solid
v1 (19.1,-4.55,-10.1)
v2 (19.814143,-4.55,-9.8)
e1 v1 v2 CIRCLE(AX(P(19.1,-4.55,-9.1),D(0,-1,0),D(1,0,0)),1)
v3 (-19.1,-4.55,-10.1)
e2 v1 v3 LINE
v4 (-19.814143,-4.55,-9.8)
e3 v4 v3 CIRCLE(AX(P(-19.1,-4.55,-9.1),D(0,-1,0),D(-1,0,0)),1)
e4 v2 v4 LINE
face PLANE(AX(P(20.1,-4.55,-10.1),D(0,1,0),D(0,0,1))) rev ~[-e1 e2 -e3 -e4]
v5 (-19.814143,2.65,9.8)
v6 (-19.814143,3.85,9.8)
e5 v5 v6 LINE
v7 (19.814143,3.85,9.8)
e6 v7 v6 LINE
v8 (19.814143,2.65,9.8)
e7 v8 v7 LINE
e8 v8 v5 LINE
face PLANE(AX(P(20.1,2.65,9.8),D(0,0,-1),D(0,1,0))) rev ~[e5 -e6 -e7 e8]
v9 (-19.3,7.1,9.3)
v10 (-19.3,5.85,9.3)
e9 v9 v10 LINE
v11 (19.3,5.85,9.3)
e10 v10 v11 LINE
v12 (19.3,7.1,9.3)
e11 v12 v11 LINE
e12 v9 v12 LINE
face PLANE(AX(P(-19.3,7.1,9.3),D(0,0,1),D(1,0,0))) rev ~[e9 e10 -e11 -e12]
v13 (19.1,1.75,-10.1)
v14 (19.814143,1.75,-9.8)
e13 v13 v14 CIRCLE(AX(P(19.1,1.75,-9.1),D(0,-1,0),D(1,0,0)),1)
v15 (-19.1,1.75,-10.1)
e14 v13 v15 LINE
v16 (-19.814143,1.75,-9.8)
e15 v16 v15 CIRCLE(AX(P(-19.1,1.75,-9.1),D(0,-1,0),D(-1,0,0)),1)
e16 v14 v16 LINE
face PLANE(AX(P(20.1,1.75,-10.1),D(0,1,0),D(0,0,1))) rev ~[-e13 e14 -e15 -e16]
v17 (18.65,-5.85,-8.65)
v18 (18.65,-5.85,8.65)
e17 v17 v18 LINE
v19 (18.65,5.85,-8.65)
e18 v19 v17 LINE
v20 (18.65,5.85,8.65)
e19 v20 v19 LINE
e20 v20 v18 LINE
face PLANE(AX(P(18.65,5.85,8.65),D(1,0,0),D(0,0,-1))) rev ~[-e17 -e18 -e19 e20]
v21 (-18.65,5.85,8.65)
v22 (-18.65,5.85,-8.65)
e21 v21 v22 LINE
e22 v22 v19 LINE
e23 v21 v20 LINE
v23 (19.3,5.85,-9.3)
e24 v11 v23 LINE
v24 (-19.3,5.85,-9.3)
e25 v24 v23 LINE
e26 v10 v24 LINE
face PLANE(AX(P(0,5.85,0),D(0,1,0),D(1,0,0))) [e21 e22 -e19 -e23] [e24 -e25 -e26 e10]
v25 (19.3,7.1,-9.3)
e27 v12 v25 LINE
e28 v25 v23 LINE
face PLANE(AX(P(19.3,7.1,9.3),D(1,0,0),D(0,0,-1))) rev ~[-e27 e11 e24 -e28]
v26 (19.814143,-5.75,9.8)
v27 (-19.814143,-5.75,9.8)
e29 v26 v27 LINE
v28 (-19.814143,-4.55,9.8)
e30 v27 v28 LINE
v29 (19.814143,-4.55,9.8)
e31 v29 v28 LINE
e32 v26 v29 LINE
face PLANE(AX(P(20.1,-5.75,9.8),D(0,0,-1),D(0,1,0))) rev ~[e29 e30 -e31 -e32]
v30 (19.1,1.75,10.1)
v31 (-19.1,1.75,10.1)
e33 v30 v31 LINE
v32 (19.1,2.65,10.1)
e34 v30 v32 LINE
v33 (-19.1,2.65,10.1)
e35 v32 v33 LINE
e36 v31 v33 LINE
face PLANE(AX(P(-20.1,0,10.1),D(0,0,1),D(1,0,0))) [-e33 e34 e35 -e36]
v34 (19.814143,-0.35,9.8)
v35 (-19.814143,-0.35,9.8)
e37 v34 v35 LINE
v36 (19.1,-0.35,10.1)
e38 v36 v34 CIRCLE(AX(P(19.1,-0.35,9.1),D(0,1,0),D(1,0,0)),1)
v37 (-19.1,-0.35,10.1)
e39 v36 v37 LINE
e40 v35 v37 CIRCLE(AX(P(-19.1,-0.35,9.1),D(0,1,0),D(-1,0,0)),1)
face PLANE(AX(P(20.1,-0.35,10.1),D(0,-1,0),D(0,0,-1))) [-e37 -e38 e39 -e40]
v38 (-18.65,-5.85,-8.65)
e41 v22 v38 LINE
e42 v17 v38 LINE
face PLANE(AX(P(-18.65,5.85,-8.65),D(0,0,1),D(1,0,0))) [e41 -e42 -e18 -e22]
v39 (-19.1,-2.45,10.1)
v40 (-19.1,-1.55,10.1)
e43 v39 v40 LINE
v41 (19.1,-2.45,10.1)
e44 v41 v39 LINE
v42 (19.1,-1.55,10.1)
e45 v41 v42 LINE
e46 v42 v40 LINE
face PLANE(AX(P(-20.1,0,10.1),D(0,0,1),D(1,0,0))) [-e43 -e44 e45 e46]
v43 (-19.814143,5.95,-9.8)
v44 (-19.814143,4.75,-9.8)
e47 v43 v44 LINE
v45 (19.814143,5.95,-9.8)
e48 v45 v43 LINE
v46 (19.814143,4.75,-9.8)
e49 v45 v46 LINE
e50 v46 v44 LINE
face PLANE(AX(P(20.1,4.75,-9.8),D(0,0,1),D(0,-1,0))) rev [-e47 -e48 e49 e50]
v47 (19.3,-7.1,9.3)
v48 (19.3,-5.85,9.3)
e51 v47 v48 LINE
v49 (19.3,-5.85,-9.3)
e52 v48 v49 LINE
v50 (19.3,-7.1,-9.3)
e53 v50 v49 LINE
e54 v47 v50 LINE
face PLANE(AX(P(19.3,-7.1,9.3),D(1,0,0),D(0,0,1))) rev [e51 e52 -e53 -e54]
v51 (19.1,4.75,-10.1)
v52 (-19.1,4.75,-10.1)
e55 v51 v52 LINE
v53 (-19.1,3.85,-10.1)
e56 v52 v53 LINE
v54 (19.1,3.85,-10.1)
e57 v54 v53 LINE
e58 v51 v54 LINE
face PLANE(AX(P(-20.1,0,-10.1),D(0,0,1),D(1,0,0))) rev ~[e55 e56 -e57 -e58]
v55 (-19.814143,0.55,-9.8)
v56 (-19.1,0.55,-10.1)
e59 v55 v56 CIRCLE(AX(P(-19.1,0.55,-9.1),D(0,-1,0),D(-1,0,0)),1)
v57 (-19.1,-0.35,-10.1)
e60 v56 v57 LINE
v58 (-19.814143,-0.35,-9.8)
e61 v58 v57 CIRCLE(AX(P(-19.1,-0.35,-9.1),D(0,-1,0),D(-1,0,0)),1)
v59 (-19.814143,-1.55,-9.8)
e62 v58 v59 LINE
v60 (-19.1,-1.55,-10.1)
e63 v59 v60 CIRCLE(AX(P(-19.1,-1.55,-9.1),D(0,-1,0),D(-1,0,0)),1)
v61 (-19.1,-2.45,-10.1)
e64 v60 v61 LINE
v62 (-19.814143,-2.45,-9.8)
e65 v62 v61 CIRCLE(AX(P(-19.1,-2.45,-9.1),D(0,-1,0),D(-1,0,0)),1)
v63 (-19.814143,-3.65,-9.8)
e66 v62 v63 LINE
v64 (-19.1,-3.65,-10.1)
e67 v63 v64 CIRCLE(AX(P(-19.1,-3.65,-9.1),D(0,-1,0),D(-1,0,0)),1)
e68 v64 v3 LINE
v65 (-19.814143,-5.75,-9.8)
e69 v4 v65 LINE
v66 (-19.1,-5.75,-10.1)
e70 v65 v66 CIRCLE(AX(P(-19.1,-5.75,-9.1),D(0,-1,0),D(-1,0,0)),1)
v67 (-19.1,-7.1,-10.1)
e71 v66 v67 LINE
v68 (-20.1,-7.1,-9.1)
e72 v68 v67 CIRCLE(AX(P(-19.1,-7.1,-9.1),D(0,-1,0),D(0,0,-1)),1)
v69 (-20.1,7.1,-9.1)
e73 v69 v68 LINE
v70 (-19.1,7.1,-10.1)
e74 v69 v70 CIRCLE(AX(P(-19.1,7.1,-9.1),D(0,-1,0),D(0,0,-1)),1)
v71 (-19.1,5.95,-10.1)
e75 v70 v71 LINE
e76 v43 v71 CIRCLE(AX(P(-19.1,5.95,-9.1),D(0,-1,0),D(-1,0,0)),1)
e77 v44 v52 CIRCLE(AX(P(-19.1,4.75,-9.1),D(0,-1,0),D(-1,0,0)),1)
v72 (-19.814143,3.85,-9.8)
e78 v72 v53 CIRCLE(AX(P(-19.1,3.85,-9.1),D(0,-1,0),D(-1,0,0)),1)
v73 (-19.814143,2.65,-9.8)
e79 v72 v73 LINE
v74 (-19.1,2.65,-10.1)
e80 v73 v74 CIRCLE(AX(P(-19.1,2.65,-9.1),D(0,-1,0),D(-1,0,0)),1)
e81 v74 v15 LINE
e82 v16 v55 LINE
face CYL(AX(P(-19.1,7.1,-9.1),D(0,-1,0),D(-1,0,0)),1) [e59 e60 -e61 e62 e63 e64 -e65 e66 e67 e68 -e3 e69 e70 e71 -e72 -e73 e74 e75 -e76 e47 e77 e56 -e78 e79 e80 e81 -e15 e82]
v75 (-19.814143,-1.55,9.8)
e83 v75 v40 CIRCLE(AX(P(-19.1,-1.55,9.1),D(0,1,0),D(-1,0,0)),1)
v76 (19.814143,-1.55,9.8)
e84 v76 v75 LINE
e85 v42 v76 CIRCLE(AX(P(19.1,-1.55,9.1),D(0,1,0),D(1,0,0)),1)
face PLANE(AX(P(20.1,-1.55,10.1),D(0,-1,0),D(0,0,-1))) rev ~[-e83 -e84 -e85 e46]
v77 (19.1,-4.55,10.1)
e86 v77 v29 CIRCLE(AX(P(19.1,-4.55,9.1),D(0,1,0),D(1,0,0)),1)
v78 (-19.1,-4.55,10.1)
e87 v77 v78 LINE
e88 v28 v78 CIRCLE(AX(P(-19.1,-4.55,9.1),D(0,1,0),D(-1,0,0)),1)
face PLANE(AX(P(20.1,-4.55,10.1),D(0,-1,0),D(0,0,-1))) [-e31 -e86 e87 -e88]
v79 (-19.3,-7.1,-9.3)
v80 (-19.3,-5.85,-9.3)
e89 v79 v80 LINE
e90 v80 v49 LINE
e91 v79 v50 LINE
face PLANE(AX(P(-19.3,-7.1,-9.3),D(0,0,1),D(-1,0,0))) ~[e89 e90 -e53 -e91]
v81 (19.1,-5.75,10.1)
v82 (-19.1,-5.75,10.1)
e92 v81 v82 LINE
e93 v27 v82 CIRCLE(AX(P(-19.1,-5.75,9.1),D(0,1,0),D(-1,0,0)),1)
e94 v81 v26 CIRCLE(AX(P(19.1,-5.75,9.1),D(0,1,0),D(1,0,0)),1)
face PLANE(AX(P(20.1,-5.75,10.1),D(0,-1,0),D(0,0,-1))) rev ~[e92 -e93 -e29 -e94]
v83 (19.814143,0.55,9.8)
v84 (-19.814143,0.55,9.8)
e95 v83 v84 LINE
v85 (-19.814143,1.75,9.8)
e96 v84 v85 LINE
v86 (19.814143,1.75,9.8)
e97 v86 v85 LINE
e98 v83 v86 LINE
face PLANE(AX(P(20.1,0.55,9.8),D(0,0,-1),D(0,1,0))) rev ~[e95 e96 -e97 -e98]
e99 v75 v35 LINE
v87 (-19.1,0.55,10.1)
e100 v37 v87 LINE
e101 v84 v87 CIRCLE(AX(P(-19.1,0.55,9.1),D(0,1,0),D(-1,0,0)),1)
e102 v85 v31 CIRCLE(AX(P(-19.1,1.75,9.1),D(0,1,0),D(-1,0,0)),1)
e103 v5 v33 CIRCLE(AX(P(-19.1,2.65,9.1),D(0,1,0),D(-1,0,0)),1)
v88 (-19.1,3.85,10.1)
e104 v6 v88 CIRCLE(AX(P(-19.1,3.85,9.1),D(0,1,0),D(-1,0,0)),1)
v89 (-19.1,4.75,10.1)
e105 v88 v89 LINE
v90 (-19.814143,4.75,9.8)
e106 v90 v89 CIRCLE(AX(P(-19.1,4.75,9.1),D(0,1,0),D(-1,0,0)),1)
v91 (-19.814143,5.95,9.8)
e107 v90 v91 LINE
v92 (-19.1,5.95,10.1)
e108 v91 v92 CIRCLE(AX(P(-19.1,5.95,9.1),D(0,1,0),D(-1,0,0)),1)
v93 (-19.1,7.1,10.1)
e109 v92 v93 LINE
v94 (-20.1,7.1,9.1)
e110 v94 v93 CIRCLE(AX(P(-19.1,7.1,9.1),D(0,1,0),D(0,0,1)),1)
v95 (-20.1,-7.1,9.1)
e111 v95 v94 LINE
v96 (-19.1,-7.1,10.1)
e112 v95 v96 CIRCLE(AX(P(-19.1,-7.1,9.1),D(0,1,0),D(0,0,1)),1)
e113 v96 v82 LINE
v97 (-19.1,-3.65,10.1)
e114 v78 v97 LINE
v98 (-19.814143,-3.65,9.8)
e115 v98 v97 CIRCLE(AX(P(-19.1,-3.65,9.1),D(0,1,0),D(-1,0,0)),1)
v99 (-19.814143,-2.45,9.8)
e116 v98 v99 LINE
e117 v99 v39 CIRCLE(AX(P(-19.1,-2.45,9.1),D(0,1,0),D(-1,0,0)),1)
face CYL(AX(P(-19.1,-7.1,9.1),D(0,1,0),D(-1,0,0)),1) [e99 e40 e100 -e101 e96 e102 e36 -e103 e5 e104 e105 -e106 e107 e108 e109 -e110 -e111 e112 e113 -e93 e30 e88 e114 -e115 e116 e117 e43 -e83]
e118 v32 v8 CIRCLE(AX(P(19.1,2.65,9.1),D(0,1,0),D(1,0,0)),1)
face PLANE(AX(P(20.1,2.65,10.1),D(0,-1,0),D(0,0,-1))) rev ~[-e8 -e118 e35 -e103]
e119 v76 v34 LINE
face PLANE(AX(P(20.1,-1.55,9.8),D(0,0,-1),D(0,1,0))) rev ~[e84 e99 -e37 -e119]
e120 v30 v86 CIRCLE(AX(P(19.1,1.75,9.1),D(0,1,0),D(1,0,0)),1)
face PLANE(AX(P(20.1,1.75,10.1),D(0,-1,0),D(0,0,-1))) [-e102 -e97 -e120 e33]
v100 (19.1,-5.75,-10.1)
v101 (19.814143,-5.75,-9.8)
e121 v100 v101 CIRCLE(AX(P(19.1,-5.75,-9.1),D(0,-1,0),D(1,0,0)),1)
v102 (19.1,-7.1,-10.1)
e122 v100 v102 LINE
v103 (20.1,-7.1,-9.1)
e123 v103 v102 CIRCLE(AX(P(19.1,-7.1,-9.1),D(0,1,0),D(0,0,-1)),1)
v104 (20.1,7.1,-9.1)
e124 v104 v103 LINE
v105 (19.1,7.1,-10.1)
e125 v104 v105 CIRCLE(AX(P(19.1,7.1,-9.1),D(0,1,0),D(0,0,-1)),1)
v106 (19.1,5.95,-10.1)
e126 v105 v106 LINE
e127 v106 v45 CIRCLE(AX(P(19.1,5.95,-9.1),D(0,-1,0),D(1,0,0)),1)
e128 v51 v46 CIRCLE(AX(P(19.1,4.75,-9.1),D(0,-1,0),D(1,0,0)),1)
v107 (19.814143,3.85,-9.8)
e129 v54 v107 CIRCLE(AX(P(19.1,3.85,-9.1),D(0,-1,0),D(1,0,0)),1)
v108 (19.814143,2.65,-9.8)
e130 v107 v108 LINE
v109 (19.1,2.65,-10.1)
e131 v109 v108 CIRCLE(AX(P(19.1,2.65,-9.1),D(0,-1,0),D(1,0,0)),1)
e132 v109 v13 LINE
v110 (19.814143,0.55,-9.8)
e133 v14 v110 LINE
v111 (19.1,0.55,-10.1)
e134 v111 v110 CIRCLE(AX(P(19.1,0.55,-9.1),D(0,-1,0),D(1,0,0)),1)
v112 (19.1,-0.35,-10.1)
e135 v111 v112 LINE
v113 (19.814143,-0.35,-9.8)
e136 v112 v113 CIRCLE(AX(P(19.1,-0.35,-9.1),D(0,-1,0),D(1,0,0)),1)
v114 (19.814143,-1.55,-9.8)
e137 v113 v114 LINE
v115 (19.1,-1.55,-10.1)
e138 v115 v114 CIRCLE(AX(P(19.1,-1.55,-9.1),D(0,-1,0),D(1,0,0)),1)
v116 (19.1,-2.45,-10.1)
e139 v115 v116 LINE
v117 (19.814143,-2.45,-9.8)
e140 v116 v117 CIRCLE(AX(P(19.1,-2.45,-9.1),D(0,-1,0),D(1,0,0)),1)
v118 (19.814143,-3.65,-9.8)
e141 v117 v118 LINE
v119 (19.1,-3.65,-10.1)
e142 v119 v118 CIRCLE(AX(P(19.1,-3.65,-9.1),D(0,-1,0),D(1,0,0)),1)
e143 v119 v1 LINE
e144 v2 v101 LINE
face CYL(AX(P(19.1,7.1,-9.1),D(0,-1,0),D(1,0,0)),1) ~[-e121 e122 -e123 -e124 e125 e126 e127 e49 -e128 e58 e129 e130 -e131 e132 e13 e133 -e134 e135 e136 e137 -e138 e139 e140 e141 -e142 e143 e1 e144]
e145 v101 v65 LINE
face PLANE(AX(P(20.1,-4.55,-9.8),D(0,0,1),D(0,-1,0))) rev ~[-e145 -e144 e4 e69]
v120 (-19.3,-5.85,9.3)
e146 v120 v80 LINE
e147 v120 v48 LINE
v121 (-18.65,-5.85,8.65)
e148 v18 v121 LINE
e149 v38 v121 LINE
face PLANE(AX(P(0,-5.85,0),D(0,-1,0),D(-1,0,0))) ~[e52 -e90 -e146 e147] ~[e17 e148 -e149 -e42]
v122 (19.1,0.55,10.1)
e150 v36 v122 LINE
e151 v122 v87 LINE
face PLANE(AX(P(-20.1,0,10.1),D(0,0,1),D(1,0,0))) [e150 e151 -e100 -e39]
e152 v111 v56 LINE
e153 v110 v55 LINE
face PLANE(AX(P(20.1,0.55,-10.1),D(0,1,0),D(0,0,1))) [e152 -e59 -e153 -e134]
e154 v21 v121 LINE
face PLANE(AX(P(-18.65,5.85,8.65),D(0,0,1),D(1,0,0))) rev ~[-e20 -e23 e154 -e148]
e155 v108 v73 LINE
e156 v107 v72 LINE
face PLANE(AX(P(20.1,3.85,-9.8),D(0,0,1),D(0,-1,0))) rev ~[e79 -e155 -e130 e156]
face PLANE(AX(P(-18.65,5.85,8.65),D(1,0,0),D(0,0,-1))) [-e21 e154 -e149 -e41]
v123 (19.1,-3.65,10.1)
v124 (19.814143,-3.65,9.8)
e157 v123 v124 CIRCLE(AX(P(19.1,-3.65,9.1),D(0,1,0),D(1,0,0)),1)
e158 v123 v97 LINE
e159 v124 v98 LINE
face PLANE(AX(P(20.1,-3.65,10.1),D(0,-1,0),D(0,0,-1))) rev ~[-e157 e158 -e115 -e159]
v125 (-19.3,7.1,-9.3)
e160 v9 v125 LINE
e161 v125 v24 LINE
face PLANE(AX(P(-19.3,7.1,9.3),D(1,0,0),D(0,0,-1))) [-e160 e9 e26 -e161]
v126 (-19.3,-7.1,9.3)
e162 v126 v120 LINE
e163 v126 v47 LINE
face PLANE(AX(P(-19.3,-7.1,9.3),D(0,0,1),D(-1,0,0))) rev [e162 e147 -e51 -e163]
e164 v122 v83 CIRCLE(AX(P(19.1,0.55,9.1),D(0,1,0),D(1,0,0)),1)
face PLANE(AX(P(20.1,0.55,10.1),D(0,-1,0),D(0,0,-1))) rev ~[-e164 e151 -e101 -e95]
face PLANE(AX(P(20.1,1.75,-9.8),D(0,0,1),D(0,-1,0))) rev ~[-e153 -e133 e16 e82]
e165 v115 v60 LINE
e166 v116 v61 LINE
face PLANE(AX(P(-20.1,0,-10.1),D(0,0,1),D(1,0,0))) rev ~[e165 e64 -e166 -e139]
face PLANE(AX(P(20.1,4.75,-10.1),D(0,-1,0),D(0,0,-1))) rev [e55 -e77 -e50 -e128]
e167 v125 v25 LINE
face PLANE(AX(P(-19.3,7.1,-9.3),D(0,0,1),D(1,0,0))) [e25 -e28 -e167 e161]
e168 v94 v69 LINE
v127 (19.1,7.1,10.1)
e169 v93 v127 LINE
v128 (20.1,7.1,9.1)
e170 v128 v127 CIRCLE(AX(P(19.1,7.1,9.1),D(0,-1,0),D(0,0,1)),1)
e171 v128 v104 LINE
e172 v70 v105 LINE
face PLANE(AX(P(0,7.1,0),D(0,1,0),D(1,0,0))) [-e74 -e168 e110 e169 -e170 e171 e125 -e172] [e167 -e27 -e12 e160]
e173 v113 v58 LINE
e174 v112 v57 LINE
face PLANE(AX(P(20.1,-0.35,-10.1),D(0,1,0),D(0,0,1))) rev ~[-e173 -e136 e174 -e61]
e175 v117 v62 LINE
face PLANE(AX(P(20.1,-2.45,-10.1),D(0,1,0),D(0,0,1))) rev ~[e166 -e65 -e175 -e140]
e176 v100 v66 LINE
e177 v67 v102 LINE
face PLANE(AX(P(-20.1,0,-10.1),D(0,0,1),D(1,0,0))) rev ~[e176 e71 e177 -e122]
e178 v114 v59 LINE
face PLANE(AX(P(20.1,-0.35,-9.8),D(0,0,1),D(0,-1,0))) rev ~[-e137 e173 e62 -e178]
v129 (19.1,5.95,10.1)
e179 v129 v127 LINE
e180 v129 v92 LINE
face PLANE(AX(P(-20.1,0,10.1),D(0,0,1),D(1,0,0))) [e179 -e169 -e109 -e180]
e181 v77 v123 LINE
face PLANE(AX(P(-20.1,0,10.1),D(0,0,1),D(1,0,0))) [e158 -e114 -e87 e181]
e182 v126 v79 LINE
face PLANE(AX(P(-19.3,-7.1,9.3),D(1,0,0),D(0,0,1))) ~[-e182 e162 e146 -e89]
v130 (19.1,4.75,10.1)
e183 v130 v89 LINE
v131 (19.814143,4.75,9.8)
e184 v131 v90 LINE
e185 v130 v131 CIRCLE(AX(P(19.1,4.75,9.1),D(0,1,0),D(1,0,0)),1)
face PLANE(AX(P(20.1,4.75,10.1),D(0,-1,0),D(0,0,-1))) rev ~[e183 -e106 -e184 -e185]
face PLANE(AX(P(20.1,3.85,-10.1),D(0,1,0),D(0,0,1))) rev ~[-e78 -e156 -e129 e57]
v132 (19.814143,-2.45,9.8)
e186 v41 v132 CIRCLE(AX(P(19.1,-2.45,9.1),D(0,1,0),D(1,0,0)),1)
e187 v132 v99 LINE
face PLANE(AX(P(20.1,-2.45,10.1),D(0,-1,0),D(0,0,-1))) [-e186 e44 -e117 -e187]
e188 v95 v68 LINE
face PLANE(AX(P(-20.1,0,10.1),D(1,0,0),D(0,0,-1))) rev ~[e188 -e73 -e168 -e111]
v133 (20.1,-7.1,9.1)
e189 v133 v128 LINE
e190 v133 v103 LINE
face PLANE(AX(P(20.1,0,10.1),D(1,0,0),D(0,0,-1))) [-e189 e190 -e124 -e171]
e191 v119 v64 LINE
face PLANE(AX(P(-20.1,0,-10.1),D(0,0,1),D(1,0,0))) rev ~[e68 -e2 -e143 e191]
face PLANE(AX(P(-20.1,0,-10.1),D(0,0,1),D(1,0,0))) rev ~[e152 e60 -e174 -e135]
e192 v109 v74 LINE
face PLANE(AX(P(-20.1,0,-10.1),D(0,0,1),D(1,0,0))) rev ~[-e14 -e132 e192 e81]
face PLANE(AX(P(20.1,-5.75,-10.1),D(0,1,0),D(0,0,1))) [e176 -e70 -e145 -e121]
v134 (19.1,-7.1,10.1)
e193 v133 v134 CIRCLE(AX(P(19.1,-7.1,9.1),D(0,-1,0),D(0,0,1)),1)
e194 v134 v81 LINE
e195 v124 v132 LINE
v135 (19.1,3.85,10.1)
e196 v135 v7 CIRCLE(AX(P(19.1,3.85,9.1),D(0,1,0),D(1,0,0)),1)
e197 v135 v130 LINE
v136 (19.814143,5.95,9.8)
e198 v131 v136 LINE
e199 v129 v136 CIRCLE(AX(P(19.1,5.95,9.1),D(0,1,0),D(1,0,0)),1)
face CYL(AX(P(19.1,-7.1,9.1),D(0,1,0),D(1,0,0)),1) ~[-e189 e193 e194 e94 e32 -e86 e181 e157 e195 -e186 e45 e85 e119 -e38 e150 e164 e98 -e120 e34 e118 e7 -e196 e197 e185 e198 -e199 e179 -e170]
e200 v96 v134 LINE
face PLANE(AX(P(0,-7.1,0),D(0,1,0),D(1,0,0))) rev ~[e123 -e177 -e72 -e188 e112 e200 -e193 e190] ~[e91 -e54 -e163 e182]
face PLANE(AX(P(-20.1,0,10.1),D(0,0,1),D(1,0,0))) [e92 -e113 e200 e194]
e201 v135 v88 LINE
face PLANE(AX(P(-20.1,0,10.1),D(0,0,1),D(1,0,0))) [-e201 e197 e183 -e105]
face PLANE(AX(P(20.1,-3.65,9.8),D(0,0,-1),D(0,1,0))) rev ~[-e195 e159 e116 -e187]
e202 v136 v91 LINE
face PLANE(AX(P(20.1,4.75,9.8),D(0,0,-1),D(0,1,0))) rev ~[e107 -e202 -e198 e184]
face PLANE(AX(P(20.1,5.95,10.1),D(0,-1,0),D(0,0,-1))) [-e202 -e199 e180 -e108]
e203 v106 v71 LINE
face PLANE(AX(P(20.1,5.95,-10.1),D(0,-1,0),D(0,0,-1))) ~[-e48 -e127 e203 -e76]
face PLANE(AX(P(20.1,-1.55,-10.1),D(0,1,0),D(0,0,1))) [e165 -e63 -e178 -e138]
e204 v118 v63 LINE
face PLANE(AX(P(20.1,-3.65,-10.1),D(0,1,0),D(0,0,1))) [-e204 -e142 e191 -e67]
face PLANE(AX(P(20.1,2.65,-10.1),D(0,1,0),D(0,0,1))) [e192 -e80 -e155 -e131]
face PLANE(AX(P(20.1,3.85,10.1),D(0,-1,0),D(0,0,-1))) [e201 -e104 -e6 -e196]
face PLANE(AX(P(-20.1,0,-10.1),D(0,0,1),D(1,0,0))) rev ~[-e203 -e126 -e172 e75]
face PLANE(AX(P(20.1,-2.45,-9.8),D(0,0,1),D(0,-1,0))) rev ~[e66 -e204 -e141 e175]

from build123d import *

# Parameters (mm, degrees)
SKETCH1_W                = 40.2
SKETCH1_H                = 20.2
BOSS_EXTRUDE1_DEPTH      = 7.1
BOSS_EXTRUDE1_DEPTH_BACK = 7.1
FILLET1_R                = 1
SKETCH2_W                = 38.6
SKETCH2_H                = 18.6
CUT_EXTRUDE1_DEPTH       = 1.25
SKETCH3_W                = 37.3
SKETCH3_H                = 17.3
CUT_EXTRUDE2_DEPTH       = 13.95
SKETCH4_W                = 0.3
SKETCH4_H                = 1.2
CUT_EXTRUDE3_DEPTH       = 41.2
LPATTERN1_COUNT          = 6
LPATTERN1_PITCH          = 2.1
MIRROR2_COPY_1_SKETCH_W  = 0.3
MIRROR2_COPY_1_SKETCH_H  = 1.2
MIRROR2_COPY_1_DEPTH     = 41.2
MIRROR2_COPY_2_SKETCH_W  = 0.3
MIRROR2_COPY_2_SKETCH_H  = 1.2
MIRROR2_COPY_2_DEPTH     = 41.2
MIRROR2_COPY_3_SKETCH_W  = 0.3
MIRROR2_COPY_3_SKETCH_H  = 1.2
MIRROR2_COPY_3_DEPTH     = 41.2
MIRROR2_COPY_4_SKETCH_W  = 0.3
MIRROR2_COPY_4_SKETCH_H  = 1.2
MIRROR2_COPY_4_DEPTH     = 41.2
MIRROR2_COPY_5_SKETCH_W  = 0.3
MIRROR2_COPY_5_SKETCH_H  = 1.2
MIRROR2_COPY_5_DEPTH     = 41.2


with BuildPart() as part:
    # Sketch1 → Boss-Extrude1 (new body, two sides)
    with BuildSketch(Plane(origin=(0, 0, 0), x_dir=(1, 0, 0), z_dir=(0, 1, 0))) as boss_extrude1_sk:
        Rectangle(SKETCH1_W, SKETCH1_H)
    extrude(amount=BOSS_EXTRUDE1_DEPTH)
    extrude(boss_extrude1_sk.sketch, amount=-BOSS_EXTRUDE1_DEPTH_BACK)

    # Fillet1
    fillet1_edges = [part.edges().sort_by_distance(p)[0] for p in [
        (-20.1, 0, -10.1),
        (20.1, 0, -10.1),
        (20.1, 0, 10.1),
        (-20.1, 0, 10.1),
    ]]
    fillet(fillet1_edges, radius=FILLET1_R)

    # Sketch2 → Cut-Extrude1 (cut)
    with BuildSketch(Plane(origin=(0, 7.1, 0), x_dir=(1, 0, 0), z_dir=(0, 1, 0))):
        Rectangle(SKETCH2_W, SKETCH2_H)
    cut_extrude1 = extrude(amount=-CUT_EXTRUDE1_DEPTH, mode=Mode.SUBTRACT)

    # Sketch3 → Cut-Extrude2 (cut, through all)
    with BuildSketch(Plane(origin=(0, 5.85, 0), x_dir=(1, 0, 0), z_dir=(0, 1, 0))):
        Rectangle(SKETCH3_W, SKETCH3_H)
    extrude(amount=-CUT_EXTRUDE2_DEPTH, mode=Mode.SUBTRACT)

    # Mirror1: Cut-Extrude1 across plane
    add(cut_extrude1.mirror(Plane.ZX), mode=Mode.SUBTRACT)

    # Sketch4 → Cut-Extrude3 (cut, through all)
    with BuildSketch(Plane(origin=(20.1, 0, 0), x_dir=(0, 0, -1), z_dir=(1, 0, 0))):
        with Locations((-9.95, 5.35)):
            Rectangle(SKETCH4_W, SKETCH4_H)
    cut_extrude3 = extrude(amount=-CUT_EXTRUDE3_DEPTH, mode=Mode.SUBTRACT)

    # LPattern1: Cut-Extrude3 ×6
    with Locations(*[(0, -i * LPATTERN1_PITCH, 0) for i in range(1, LPATTERN1_COUNT)]):
        add(cut_extrude3, mode=Mode.SUBTRACT)

    # Mirror2: Cut-Extrude3 across plane
    add(cut_extrude3.mirror(Plane.XY), mode=Mode.SUBTRACT)

    # Mirror2 copy 1 sketch → Mirror2 copy 1 (cut, through all)
    with BuildSketch(Plane(origin=(20.1, -2.1, 0), x_dir=(0, 0, 1), z_dir=(1, 0, 0))):
        with Locations((-9.95, -5.35)):
            Rectangle(MIRROR2_COPY_1_SKETCH_W, MIRROR2_COPY_1_SKETCH_H)
    extrude(amount=-MIRROR2_COPY_1_DEPTH, mode=Mode.SUBTRACT)

    # Mirror2 copy 2 sketch → Mirror2 copy 2 (cut, through all)
    with BuildSketch(Plane(origin=(20.1, -4.2, 0), x_dir=(0, 0, 1), z_dir=(1, 0, 0))):
        with Locations((-9.95, -5.35)):
            Rectangle(MIRROR2_COPY_2_SKETCH_W, MIRROR2_COPY_2_SKETCH_H)
    extrude(amount=-MIRROR2_COPY_2_DEPTH, mode=Mode.SUBTRACT)

    # Mirror2 copy 3 sketch → Mirror2 copy 3 (cut, through all)
    with BuildSketch(Plane(origin=(20.1, -6.3, 0), x_dir=(0, 0, 1), z_dir=(1, 0, 0))):
        with Locations((-9.95, -5.35)):
            Rectangle(MIRROR2_COPY_3_SKETCH_W, MIRROR2_COPY_3_SKETCH_H)
    extrude(amount=-MIRROR2_COPY_3_DEPTH, mode=Mode.SUBTRACT)

    # Mirror2 copy 4 sketch → Mirror2 copy 4 (cut, through all)
    with BuildSketch(Plane(origin=(20.1, -8.4, 0), x_dir=(0, 0, 1), z_dir=(1, 0, 0))):
        with Locations((-9.95, -5.35)):
            Rectangle(MIRROR2_COPY_4_SKETCH_W, MIRROR2_COPY_4_SKETCH_H)
    extrude(amount=-MIRROR2_COPY_4_DEPTH, mode=Mode.SUBTRACT)

    # Mirror2 copy 5 sketch → Mirror2 copy 5 (cut, through all)
    with BuildSketch(Plane(origin=(20.1, -10.5, 0), x_dir=(0, 0, 1), z_dir=(1, 0, 0))):
        with Locations((-9.95, -5.35)):
            Rectangle(MIRROR2_COPY_5_SKETCH_W, MIRROR2_COPY_5_SKETCH_H)
    extrude(amount=-MIRROR2_COPY_5_DEPTH, mode=Mode.SUBTRACT)


solid = part.part
